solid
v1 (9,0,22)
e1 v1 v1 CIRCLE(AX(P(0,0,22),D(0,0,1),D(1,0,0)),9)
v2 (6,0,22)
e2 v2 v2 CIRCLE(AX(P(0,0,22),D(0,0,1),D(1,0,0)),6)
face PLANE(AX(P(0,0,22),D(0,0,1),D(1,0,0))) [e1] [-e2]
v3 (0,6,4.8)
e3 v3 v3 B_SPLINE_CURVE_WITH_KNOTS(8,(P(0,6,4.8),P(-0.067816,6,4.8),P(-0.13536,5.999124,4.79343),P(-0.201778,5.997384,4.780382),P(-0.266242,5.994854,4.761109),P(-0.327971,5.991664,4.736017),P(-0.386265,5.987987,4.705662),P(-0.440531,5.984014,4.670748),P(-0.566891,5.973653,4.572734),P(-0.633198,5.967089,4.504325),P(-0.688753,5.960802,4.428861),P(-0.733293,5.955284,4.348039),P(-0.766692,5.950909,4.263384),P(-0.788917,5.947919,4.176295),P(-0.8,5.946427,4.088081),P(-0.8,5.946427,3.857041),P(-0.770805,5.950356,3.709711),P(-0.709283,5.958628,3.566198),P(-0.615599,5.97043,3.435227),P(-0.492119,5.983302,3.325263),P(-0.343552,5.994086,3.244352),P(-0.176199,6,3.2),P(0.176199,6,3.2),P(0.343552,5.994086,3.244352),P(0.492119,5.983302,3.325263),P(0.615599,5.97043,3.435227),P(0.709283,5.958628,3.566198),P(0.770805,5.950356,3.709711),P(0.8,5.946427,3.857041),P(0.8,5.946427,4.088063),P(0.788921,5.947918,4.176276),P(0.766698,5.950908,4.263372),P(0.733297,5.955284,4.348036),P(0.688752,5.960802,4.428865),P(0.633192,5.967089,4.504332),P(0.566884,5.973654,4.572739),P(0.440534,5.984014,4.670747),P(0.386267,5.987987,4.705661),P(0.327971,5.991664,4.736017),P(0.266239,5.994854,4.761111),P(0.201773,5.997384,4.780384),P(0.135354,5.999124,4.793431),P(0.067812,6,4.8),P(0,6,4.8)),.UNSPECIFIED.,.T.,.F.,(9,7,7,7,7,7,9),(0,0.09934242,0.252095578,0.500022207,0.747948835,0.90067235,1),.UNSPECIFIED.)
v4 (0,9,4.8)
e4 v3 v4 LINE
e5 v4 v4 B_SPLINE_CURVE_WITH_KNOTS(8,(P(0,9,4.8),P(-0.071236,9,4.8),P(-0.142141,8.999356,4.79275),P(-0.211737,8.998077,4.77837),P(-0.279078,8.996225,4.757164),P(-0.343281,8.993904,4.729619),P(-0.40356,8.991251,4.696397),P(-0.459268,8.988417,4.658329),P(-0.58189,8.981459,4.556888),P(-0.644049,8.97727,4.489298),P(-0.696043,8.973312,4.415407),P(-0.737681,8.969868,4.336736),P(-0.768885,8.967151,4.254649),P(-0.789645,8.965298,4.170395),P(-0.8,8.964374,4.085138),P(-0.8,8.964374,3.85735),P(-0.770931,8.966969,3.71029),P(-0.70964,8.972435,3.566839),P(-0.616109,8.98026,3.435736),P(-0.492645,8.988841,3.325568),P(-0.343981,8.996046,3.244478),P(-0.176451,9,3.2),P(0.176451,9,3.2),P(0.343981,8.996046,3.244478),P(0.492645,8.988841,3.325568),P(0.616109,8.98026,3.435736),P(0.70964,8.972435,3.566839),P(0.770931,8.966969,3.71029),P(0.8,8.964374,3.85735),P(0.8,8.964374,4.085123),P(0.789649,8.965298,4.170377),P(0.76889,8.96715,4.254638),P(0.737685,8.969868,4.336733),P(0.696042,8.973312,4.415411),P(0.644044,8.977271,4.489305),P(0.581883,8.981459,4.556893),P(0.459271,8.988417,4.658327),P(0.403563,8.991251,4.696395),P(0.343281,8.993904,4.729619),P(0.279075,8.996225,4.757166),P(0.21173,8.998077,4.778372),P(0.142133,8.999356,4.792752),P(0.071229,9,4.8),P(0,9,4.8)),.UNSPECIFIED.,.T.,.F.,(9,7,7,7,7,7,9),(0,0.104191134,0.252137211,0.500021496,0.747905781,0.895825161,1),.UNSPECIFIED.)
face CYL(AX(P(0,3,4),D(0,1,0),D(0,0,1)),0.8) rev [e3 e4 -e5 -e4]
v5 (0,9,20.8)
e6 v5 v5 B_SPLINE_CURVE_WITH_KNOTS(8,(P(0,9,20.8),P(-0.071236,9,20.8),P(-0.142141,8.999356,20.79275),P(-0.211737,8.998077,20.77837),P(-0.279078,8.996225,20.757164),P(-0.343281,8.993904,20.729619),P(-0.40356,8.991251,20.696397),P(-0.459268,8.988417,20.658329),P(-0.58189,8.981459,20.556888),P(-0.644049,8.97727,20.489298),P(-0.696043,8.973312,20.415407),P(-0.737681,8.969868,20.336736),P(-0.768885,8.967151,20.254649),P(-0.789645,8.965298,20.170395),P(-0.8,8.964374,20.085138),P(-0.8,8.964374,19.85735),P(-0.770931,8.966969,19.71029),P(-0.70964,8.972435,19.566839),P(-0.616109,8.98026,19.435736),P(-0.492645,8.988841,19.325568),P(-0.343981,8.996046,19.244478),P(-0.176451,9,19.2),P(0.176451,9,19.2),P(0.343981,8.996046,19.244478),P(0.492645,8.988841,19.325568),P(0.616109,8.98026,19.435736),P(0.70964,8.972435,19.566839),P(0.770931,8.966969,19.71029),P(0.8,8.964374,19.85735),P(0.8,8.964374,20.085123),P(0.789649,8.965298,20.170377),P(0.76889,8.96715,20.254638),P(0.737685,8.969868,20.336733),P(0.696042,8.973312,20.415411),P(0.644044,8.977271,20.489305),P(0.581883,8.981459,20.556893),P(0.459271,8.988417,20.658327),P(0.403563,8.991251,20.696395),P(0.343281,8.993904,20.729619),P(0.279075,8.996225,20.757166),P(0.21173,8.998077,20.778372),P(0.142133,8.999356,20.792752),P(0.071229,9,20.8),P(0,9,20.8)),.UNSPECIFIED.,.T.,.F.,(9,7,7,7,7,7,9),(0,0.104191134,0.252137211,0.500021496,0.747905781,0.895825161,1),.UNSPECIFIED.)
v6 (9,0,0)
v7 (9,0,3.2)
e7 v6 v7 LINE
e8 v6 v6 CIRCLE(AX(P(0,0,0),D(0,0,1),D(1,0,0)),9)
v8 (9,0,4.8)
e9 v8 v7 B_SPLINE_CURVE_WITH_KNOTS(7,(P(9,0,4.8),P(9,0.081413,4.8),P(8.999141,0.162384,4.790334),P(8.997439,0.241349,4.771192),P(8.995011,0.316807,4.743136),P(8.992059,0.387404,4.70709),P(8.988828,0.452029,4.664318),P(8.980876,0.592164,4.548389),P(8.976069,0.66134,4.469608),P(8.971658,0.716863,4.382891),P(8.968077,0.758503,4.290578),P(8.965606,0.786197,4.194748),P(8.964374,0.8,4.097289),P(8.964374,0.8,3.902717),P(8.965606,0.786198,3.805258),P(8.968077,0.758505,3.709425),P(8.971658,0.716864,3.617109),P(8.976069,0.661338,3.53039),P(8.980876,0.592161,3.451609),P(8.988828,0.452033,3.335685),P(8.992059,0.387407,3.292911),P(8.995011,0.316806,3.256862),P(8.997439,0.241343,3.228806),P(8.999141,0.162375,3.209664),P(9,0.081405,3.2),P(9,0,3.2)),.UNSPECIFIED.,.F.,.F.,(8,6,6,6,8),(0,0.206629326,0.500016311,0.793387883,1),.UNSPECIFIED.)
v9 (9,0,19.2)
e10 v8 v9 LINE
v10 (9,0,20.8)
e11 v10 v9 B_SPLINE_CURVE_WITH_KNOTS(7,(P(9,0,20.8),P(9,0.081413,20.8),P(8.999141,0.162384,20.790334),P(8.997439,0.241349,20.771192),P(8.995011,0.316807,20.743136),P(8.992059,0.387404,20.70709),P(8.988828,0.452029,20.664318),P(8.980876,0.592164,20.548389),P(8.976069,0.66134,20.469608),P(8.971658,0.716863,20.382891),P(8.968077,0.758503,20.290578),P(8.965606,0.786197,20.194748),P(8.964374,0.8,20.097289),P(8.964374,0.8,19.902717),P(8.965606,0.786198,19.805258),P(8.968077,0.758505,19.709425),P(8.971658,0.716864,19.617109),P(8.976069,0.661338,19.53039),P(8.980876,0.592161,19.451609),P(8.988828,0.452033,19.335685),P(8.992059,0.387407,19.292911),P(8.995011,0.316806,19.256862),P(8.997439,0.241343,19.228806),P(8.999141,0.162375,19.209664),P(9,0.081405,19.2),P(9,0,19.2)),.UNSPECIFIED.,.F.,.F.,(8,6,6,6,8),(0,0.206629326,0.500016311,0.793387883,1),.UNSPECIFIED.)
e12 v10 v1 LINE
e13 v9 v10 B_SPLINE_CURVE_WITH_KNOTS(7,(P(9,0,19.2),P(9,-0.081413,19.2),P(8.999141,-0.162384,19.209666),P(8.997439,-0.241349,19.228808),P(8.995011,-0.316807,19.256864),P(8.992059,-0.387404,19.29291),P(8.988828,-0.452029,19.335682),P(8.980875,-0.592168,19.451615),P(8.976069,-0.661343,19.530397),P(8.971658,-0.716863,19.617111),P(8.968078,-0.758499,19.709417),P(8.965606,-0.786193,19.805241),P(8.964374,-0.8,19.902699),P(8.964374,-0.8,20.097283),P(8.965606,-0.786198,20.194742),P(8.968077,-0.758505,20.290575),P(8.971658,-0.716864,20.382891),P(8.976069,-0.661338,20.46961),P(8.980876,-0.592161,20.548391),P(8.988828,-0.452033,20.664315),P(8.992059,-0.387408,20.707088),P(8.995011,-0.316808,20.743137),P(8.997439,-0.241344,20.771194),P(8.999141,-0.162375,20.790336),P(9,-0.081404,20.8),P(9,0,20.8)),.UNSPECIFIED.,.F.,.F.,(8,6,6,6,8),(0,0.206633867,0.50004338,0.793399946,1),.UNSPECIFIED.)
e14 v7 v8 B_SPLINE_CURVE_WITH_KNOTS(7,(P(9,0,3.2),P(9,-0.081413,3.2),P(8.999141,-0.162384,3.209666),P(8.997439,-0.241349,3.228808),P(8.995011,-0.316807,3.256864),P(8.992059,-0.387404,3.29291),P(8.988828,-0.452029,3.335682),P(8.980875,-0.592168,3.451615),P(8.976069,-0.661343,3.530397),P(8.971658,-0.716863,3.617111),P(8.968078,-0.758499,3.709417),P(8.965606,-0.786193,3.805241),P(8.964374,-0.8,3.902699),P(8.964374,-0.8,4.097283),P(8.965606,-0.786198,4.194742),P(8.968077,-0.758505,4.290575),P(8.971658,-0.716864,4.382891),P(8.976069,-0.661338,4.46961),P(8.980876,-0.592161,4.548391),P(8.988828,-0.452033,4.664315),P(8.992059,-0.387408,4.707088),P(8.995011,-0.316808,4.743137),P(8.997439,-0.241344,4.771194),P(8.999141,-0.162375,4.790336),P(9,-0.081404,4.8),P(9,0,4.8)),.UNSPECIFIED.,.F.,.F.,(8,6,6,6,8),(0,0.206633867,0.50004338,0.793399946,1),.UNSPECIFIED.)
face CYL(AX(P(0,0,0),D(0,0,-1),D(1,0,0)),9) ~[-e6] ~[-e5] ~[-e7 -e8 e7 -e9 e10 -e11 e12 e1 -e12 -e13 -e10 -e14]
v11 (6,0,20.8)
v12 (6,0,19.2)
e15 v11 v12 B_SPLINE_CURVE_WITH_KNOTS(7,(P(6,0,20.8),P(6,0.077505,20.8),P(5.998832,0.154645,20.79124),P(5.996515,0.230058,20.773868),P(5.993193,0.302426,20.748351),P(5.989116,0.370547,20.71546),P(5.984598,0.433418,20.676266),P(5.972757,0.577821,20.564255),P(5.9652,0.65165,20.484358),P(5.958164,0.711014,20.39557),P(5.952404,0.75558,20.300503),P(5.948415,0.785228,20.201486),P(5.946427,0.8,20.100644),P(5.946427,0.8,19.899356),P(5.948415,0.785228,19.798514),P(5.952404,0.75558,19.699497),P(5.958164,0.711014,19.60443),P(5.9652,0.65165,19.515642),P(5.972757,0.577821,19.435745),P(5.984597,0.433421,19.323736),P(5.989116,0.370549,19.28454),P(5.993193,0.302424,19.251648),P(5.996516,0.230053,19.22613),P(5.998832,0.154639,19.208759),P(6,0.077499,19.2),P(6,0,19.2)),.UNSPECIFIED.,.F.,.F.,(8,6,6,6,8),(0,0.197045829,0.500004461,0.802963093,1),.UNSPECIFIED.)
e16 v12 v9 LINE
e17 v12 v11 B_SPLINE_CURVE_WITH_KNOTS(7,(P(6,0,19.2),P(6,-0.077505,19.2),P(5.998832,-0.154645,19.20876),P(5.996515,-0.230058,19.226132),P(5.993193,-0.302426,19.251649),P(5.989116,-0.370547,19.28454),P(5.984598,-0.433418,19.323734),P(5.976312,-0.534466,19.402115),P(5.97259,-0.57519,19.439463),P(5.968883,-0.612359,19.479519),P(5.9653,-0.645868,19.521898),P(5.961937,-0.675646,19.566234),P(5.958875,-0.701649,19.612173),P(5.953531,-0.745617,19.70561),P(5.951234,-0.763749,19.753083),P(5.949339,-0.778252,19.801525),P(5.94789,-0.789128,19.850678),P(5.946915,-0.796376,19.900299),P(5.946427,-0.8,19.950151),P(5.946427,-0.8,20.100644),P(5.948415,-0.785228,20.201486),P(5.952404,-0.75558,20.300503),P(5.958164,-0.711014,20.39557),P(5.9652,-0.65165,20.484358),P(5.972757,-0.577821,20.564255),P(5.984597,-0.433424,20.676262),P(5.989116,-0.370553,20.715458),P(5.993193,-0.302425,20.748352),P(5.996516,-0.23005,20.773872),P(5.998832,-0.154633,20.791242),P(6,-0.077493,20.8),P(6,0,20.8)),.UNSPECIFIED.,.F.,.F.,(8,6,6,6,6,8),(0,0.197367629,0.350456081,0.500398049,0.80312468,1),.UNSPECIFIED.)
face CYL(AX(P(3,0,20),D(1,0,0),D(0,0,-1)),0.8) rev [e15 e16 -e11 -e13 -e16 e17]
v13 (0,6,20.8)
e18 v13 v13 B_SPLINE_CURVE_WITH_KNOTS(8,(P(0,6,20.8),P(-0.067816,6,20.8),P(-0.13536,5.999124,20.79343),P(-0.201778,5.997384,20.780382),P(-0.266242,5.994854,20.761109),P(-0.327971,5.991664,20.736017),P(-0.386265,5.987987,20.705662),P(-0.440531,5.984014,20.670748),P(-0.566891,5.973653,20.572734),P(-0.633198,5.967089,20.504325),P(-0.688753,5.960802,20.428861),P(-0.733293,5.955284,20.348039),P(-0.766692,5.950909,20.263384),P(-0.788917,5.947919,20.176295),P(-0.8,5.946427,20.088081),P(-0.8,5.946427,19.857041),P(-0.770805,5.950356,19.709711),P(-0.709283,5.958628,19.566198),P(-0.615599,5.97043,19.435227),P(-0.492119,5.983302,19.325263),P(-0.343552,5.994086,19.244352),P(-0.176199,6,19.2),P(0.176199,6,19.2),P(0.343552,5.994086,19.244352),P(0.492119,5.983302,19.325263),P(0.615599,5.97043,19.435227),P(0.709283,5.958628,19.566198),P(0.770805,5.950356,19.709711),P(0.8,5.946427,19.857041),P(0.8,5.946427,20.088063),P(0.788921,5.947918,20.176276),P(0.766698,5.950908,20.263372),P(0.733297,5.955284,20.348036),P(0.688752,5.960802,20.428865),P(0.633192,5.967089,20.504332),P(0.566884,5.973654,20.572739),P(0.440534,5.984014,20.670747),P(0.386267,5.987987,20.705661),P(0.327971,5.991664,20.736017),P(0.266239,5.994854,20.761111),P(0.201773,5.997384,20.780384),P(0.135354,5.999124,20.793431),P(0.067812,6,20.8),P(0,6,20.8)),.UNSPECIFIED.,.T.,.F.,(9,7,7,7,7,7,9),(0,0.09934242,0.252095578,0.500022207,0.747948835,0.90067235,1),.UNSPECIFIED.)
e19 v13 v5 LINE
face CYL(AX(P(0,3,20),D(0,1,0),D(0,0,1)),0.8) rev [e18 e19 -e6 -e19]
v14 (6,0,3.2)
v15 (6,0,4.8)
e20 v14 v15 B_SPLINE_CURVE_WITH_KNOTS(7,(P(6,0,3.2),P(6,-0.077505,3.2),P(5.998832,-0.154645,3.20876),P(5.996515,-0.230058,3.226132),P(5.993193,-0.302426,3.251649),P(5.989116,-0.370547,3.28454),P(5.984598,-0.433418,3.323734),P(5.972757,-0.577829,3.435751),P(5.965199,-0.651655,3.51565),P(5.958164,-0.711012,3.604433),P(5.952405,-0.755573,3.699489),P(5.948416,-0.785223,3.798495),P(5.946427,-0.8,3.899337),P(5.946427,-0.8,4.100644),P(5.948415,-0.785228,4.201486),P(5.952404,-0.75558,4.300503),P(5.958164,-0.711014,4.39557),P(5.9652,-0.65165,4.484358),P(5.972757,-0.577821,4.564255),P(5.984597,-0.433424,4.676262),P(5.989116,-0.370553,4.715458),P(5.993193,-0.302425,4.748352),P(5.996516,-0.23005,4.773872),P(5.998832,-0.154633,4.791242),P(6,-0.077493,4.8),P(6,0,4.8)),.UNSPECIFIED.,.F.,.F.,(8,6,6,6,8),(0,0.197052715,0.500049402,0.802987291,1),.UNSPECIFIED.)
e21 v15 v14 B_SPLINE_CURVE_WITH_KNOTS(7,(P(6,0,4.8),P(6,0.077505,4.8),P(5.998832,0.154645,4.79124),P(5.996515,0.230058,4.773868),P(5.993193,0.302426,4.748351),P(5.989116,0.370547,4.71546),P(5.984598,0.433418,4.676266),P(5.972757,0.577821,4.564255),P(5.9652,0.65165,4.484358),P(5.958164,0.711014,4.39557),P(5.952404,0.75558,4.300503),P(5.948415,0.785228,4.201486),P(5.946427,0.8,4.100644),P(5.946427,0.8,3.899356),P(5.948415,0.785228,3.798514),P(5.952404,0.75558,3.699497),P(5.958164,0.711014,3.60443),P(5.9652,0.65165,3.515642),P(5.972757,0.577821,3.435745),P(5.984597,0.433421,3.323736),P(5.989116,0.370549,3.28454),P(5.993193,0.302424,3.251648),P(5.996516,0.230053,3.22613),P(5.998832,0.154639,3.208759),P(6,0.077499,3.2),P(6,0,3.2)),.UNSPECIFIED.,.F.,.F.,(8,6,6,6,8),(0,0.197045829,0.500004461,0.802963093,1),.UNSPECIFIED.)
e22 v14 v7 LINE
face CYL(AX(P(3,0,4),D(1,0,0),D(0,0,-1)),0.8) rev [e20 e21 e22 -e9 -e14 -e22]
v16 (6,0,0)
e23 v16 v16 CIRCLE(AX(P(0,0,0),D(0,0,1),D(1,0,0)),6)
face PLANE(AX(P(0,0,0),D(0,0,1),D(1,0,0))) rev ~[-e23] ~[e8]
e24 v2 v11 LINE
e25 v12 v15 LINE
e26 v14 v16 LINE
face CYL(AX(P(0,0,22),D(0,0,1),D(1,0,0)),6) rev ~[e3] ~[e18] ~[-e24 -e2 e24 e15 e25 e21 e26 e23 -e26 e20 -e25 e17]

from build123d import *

# Parameters (mm, degrees)
SKIZZE1_R                       = 9
AUFSATZ_LINEAR_AUSTRAGEN1_DEPTH = 22
SKIZZE2_R                       = 6
SCHNITT_LINEAR_AUSTRAGEN1_DEPTH = 26.416530054
LINEARES_MUSTER1_COUNT          = 2
LINEARES_MUSTER1_PITCH          = 16
LINEARES_MUSTER2_COUNT          = 2
LINEARES_MUSTER2_PITCH          = 16


with BuildPart() as part:
    # Skizze1 → Aufsatz-Linear austragen1 (new body)
    with BuildSketch(Plane.XY):
        Circle(SKIZZE1_R)
    extrude(amount=AUFSATZ_LINEAR_AUSTRAGEN1_DEPTH)

    # Skizze2 → Schnitt-Linear austragen1 (cut, through all)
    with BuildSketch(Plane.XY.offset(22)):
        Circle(SKIZZE2_R)
    extrude(amount=-SCHNITT_LINEAR_AUSTRAGEN1_DEPTH, mode=Mode.SUBTRACT)

    # Skizze4 → M2 Gewindebohrung1 (revolve, cut)
    with BuildSketch(Plane(origin=(9, 0, 4), x_dir=(0, 0, -1), z_dir=(0, 1, 0))):
        Polygon((0, 0), (0, 6.480688495), (0.8, 6), (0.8, 0), align=None)
    m2_gewindebohrung1 = revolve(axis=Axis((15.35, 0, 4), (-1, 0, 0)), mode=Mode.SUBTRACT)

    # Skizze6 → M2 Gewindebohrung2 (revolve, cut)
    with BuildSketch(Plane(origin=(0, 9, 4), x_dir=(0, 0, 1), z_dir=(1, 0, 0))):
        Polygon((0, 0), (0, 6.480688495), (0.8, 6), (0.8, 0), align=None)
    m2_gewindebohrung2 = revolve(axis=Axis((0, 15.35, 4), (0, -1, 0)), mode=Mode.SUBTRACT)

    # Lineares Muster1: M2 Gewindebohrung1 ×2
    with Locations(*[(0, 0, i * LINEARES_MUSTER1_PITCH) for i in range(1, LINEARES_MUSTER1_COUNT)]):
        add(m2_gewindebohrung1, mode=Mode.SUBTRACT)

    # Lineares Muster2: M2 Gewindebohrung2 ×2
    with Locations(*[(0, 0, i * LINEARES_MUSTER2_PITCH) for i in range(1, LINEARES_MUSTER2_COUNT)]):
        add(m2_gewindebohrung2, mode=Mode.SUBTRACT)


solid = part.part
